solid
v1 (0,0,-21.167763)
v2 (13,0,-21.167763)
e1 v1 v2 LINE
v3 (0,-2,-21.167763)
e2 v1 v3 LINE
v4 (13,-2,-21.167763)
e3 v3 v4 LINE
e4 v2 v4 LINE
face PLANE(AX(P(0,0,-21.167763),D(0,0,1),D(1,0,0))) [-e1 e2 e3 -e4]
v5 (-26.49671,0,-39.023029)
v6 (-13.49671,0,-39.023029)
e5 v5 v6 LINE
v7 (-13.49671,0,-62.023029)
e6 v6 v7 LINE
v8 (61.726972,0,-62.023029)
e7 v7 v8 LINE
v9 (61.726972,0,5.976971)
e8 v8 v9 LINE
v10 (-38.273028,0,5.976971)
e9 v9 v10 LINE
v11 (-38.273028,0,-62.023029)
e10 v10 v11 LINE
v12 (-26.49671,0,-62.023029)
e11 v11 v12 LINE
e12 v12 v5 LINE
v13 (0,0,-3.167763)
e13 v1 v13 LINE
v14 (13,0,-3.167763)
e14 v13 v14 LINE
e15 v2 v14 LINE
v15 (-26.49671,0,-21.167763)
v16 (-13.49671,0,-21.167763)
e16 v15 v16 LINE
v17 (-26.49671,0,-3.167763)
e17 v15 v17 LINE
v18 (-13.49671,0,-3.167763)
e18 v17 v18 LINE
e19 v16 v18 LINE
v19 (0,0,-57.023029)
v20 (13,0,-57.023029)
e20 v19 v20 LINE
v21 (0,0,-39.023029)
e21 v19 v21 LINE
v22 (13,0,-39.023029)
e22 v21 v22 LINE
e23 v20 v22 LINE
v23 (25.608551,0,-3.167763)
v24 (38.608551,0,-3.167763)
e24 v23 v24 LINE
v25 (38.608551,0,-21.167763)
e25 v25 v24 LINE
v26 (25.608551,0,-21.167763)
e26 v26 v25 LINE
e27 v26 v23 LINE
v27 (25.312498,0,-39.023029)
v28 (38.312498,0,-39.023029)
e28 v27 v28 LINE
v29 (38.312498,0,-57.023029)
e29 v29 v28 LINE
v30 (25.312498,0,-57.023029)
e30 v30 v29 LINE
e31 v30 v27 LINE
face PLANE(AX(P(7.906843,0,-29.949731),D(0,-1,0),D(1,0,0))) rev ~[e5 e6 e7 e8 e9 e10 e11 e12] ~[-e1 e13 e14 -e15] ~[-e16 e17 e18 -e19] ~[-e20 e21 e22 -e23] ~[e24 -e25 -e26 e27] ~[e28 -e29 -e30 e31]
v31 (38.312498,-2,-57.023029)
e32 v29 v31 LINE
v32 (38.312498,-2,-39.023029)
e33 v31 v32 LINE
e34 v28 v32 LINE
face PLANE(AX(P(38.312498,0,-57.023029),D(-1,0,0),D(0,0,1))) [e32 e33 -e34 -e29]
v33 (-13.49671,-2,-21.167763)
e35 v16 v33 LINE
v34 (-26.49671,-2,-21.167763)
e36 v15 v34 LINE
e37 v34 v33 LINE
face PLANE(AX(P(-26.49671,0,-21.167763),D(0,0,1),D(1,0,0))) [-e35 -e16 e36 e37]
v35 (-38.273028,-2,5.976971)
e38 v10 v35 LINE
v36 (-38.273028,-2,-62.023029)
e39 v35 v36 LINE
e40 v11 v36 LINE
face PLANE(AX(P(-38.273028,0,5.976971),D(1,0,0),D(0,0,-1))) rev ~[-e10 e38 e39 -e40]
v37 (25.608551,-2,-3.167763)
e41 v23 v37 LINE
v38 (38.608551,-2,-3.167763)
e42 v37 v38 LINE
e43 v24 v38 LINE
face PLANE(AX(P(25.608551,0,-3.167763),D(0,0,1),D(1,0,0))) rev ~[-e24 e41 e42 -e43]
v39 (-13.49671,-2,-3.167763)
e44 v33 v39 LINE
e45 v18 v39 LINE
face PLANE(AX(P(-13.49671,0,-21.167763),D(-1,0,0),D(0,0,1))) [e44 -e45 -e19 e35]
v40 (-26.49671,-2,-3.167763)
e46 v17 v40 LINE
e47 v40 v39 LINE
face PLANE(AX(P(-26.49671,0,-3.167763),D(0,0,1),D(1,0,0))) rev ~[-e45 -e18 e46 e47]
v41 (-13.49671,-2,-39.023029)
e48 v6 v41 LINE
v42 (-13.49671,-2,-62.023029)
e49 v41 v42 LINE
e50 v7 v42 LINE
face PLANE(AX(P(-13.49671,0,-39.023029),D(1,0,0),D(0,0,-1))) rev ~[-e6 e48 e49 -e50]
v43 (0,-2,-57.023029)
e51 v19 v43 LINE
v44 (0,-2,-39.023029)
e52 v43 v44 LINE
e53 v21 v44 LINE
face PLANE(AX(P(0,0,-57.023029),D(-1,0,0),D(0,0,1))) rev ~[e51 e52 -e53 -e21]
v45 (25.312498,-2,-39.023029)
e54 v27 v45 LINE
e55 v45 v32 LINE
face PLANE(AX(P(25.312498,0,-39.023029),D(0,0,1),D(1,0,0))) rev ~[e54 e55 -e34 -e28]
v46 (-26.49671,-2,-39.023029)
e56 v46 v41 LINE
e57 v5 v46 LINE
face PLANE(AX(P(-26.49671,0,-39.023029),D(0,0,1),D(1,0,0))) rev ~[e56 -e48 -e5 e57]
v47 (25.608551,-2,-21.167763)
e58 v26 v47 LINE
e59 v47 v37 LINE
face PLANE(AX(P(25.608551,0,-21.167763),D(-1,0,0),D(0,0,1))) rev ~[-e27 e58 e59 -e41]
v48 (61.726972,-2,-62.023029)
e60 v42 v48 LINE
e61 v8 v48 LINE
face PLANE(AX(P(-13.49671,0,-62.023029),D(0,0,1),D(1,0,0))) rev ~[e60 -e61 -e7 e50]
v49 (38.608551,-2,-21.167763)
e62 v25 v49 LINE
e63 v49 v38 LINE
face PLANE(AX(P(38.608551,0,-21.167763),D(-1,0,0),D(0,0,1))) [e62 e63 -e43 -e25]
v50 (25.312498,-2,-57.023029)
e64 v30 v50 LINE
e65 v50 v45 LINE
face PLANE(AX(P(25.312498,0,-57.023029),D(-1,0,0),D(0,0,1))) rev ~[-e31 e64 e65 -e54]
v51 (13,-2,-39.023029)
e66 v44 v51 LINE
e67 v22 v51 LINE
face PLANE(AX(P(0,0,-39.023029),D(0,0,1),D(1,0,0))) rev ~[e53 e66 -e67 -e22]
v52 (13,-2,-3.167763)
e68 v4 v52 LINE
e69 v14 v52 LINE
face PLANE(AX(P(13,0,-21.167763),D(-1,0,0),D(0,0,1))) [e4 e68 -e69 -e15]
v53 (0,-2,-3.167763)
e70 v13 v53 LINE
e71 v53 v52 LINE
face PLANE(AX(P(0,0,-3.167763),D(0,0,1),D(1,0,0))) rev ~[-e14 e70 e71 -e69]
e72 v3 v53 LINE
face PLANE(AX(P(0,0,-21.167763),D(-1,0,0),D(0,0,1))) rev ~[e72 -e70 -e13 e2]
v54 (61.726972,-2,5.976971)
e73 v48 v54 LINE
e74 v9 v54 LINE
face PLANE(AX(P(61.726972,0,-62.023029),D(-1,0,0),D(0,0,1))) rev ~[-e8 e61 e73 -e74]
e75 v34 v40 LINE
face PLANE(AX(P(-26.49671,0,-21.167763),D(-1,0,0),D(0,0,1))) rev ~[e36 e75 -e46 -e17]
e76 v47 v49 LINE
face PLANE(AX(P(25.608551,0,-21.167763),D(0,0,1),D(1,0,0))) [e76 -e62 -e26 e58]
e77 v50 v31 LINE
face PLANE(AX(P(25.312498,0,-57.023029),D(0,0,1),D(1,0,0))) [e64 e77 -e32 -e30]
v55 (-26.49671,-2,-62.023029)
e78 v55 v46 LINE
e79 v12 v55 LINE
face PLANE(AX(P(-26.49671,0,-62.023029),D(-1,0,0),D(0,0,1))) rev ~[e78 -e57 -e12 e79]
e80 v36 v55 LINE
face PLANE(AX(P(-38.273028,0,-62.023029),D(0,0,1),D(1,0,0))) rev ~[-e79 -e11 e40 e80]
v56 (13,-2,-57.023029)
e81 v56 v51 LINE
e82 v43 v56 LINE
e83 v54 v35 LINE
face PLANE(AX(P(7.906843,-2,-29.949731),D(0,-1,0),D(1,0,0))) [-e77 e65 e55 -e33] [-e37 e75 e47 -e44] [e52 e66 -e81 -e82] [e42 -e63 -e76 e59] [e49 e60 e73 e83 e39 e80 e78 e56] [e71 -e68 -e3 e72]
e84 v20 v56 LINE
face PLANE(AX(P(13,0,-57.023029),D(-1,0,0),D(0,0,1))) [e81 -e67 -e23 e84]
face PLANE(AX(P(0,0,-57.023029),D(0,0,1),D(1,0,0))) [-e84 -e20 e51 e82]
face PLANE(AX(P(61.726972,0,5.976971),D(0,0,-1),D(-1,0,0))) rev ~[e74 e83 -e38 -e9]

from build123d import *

# Parameters (mm, degrees)
F0_W     = 13
F0_H     = 18
F1_DEPTH = 2


with BuildPart() as f1:
    # F0 (on Front) → F1 (new body)
    with BuildSketch(Plane.XZ):
        Polygon((61.726972, 5.976971), (-38.273028, 5.976971), (-38.273028, -62.023029), (-26.49671, -62.023029), (-26.49671, -39.023029), (-13.49671, -39.023029), (-13.49671, -62.023029), (61.726972, -62.023029), align=None)
        with Locations((6.5, -48.023029)):
            Rectangle(F0_W, F0_H, mode=Mode.SUBTRACT)
        with Locations((31.812498, -48.023029)):
            Rectangle(F0_W, F0_H, mode=Mode.SUBTRACT)
        with Locations((-19.99671, -12.167763)):
            Rectangle(F0_W, F0_H, mode=Mode.SUBTRACT)
        with Locations((6.5, -12.167763)):
            Rectangle(F0_W, F0_H, mode=Mode.SUBTRACT)
        with Locations((32.108551, -12.167763)):
            Rectangle(F0_W, F0_H, mode=Mode.SUBTRACT)
    extrude(amount=F1_DEPTH)


solid = f1.part
